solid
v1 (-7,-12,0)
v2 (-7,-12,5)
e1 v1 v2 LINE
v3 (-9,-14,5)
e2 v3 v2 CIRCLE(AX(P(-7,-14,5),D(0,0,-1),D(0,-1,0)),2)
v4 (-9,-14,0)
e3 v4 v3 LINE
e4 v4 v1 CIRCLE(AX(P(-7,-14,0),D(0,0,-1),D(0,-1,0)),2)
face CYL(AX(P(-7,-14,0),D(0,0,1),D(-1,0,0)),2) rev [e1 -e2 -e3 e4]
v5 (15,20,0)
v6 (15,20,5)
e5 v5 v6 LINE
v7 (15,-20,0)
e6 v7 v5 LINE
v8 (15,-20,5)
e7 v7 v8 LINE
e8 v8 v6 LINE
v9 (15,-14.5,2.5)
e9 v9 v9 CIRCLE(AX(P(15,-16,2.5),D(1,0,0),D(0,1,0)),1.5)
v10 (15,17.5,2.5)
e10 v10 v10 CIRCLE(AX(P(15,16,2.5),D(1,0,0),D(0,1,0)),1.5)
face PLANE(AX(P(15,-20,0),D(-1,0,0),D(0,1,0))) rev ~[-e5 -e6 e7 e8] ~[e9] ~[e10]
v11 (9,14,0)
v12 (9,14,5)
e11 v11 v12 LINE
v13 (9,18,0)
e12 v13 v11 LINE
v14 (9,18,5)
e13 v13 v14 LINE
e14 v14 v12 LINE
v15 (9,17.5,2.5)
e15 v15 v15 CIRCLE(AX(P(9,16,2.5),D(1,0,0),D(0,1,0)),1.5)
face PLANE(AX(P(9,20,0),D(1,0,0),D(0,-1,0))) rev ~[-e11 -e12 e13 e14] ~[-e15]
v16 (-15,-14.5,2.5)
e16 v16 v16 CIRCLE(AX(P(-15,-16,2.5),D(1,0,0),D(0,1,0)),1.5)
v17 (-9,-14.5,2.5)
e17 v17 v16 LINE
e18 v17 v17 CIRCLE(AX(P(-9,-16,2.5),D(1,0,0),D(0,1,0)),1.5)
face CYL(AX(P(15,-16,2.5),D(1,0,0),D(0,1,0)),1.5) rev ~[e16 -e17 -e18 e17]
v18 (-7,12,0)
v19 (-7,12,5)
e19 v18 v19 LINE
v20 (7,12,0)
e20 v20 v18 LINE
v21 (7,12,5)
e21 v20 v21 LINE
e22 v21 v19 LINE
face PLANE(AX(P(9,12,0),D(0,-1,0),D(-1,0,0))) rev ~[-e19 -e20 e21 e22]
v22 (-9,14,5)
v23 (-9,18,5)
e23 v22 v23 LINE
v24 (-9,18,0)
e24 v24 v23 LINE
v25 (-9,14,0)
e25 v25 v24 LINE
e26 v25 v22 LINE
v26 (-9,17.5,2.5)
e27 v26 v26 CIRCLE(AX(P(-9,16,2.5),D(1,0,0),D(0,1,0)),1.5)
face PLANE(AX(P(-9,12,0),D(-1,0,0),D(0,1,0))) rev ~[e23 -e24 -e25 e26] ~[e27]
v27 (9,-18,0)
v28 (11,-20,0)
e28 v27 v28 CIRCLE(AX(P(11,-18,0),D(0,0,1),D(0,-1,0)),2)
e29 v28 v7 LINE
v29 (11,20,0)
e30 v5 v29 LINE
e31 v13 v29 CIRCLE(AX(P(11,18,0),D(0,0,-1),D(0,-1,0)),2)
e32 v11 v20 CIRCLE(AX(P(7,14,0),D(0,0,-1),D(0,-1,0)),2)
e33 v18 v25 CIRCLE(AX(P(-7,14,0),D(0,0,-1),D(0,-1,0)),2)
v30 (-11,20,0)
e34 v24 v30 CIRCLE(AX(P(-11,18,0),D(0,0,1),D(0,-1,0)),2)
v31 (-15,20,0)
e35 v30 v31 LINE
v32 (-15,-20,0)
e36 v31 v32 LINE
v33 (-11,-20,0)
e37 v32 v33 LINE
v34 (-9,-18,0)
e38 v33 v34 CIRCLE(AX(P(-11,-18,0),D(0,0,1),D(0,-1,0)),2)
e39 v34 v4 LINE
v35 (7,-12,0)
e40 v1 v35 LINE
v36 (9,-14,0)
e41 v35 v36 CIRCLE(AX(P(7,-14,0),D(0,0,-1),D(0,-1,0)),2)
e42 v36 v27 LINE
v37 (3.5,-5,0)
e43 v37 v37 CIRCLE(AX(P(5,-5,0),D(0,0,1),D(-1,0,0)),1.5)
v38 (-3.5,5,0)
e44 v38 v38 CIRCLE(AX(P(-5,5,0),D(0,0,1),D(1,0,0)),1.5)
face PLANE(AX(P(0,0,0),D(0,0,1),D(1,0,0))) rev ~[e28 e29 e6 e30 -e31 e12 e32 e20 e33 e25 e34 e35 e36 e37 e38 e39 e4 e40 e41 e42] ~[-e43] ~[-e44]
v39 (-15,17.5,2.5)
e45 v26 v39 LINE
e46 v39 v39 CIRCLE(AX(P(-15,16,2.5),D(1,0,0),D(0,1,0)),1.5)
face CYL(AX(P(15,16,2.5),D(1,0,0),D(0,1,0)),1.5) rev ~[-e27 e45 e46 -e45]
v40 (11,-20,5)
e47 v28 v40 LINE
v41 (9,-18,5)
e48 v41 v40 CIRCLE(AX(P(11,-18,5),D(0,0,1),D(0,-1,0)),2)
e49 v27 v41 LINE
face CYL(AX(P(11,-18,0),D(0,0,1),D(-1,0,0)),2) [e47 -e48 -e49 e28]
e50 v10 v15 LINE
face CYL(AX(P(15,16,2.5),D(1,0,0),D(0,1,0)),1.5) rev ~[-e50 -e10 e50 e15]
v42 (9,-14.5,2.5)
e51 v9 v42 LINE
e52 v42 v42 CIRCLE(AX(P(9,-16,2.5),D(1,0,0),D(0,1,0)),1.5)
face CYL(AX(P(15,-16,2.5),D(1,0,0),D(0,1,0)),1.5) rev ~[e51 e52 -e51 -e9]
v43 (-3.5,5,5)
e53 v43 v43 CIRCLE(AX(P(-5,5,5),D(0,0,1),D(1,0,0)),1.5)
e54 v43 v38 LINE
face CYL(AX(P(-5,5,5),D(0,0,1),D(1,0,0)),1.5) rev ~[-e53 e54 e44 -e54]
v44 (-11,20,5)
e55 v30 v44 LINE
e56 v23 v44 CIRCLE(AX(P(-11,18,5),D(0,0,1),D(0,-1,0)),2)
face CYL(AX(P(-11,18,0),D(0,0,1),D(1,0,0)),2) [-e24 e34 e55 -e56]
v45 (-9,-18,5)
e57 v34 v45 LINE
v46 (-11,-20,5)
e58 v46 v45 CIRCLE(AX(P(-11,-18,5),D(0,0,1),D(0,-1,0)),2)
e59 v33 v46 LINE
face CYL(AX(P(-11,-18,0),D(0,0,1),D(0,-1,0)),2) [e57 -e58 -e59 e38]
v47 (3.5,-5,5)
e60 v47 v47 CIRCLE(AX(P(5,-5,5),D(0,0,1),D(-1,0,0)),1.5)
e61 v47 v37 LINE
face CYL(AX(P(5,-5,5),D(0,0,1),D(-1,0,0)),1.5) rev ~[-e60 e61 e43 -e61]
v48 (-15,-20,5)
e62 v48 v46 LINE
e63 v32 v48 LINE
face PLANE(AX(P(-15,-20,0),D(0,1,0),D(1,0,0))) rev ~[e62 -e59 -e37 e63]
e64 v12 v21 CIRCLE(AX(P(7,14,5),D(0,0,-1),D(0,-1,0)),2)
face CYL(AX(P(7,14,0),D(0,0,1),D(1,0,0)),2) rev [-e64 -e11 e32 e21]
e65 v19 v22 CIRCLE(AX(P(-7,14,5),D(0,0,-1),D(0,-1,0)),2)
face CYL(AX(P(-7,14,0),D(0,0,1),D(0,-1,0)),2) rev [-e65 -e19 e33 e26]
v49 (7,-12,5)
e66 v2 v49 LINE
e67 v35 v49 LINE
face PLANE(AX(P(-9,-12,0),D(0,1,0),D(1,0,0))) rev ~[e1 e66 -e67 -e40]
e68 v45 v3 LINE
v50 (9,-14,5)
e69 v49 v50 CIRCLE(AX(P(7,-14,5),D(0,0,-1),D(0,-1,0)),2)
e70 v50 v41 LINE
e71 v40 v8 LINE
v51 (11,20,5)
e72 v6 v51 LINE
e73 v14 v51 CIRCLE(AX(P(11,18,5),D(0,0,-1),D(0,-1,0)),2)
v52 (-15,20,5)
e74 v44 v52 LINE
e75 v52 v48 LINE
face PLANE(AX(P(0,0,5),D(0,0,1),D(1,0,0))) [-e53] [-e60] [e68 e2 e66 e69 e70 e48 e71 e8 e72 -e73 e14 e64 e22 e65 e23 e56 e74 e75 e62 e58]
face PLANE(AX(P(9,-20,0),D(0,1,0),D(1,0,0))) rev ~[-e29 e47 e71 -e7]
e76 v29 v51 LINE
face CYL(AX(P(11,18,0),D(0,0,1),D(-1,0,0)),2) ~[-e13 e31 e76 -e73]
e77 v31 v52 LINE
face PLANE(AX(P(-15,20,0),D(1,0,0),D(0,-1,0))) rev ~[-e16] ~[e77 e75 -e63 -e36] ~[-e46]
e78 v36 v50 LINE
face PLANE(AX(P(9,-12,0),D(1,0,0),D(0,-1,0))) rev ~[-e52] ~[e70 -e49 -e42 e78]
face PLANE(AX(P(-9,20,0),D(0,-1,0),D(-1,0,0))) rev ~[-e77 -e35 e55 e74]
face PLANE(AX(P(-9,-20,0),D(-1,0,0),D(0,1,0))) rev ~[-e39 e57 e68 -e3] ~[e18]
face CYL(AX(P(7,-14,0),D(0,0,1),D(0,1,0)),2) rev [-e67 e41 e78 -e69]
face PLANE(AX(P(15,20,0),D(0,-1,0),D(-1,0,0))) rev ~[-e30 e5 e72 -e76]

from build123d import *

# Parameters (mm, degrees)
EXTRUDE_1_DEPTH     = 5
FILLET_1_R          = 2
SKETCH_2_R          = 1.5
CUT_EXTRUDE_1_DEPTH = 26.495097568
SKETCH_6_R          = 1.5
CUT_EXTRUDE_2_DEPTH = 37.400549446


with BuildPart() as part:
    # 草图1 → 凸台-拉伸1 (new body)
    with BuildSketch(Plane.XY):
        Polygon((9, 20), (9, 12), (-9, 12), (-9, 20), (-15, 20), (-15, -20), (-9, -20), (-9, -12), (9, -12), (9, -20), (15, -20), (15, 20), align=None)
    extrude(amount=EXTRUDE_1_DEPTH)

    # 圆角1
    fillet_1_edges = [part.edges().sort_by_distance(p)[0] for p in [
        (9, -20, 2.5),
        (9, -12, 2.5),
        (-9, -12, 2.5),
        (-9, -20, 2.5),
        (-9, 20, 2.5),
        (-9, 12, 2.5),
        (9, 12, 2.5),
        (9, 20, 2.5),
    ]]
    fillet(fillet_1_edges, radius=FILLET_1_R)

    # 草图2 → 切除-拉伸1 (cut, through all)
    with BuildSketch(Plane.XY.offset(5)):
        with Locations((-5, 5)):
            Circle(SKETCH_2_R)
        with Locations(Location((5, -5, 0), (0, 0, 180))):
            Circle(SKETCH_2_R)
    extrude(amount=-CUT_EXTRUDE_1_DEPTH, mode=Mode.SUBTRACT)

    # 草图6 → 切除-拉伸2 (cut, through all)
    with BuildSketch(Plane(origin=(15, 0, 0), x_dir=(0, 0, -1), z_dir=(1, 0, 0))):
        with Locations(Location((-2.5, 16, 0), (0, 0, 90))):
            Circle(SKETCH_6_R)
        with Locations(Location((-2.5, -16, 0), (0, 0, 90))):
            Circle(SKETCH_6_R)
    extrude(amount=-CUT_EXTRUDE_2_DEPTH, mode=Mode.SUBTRACT)


solid = part.part
